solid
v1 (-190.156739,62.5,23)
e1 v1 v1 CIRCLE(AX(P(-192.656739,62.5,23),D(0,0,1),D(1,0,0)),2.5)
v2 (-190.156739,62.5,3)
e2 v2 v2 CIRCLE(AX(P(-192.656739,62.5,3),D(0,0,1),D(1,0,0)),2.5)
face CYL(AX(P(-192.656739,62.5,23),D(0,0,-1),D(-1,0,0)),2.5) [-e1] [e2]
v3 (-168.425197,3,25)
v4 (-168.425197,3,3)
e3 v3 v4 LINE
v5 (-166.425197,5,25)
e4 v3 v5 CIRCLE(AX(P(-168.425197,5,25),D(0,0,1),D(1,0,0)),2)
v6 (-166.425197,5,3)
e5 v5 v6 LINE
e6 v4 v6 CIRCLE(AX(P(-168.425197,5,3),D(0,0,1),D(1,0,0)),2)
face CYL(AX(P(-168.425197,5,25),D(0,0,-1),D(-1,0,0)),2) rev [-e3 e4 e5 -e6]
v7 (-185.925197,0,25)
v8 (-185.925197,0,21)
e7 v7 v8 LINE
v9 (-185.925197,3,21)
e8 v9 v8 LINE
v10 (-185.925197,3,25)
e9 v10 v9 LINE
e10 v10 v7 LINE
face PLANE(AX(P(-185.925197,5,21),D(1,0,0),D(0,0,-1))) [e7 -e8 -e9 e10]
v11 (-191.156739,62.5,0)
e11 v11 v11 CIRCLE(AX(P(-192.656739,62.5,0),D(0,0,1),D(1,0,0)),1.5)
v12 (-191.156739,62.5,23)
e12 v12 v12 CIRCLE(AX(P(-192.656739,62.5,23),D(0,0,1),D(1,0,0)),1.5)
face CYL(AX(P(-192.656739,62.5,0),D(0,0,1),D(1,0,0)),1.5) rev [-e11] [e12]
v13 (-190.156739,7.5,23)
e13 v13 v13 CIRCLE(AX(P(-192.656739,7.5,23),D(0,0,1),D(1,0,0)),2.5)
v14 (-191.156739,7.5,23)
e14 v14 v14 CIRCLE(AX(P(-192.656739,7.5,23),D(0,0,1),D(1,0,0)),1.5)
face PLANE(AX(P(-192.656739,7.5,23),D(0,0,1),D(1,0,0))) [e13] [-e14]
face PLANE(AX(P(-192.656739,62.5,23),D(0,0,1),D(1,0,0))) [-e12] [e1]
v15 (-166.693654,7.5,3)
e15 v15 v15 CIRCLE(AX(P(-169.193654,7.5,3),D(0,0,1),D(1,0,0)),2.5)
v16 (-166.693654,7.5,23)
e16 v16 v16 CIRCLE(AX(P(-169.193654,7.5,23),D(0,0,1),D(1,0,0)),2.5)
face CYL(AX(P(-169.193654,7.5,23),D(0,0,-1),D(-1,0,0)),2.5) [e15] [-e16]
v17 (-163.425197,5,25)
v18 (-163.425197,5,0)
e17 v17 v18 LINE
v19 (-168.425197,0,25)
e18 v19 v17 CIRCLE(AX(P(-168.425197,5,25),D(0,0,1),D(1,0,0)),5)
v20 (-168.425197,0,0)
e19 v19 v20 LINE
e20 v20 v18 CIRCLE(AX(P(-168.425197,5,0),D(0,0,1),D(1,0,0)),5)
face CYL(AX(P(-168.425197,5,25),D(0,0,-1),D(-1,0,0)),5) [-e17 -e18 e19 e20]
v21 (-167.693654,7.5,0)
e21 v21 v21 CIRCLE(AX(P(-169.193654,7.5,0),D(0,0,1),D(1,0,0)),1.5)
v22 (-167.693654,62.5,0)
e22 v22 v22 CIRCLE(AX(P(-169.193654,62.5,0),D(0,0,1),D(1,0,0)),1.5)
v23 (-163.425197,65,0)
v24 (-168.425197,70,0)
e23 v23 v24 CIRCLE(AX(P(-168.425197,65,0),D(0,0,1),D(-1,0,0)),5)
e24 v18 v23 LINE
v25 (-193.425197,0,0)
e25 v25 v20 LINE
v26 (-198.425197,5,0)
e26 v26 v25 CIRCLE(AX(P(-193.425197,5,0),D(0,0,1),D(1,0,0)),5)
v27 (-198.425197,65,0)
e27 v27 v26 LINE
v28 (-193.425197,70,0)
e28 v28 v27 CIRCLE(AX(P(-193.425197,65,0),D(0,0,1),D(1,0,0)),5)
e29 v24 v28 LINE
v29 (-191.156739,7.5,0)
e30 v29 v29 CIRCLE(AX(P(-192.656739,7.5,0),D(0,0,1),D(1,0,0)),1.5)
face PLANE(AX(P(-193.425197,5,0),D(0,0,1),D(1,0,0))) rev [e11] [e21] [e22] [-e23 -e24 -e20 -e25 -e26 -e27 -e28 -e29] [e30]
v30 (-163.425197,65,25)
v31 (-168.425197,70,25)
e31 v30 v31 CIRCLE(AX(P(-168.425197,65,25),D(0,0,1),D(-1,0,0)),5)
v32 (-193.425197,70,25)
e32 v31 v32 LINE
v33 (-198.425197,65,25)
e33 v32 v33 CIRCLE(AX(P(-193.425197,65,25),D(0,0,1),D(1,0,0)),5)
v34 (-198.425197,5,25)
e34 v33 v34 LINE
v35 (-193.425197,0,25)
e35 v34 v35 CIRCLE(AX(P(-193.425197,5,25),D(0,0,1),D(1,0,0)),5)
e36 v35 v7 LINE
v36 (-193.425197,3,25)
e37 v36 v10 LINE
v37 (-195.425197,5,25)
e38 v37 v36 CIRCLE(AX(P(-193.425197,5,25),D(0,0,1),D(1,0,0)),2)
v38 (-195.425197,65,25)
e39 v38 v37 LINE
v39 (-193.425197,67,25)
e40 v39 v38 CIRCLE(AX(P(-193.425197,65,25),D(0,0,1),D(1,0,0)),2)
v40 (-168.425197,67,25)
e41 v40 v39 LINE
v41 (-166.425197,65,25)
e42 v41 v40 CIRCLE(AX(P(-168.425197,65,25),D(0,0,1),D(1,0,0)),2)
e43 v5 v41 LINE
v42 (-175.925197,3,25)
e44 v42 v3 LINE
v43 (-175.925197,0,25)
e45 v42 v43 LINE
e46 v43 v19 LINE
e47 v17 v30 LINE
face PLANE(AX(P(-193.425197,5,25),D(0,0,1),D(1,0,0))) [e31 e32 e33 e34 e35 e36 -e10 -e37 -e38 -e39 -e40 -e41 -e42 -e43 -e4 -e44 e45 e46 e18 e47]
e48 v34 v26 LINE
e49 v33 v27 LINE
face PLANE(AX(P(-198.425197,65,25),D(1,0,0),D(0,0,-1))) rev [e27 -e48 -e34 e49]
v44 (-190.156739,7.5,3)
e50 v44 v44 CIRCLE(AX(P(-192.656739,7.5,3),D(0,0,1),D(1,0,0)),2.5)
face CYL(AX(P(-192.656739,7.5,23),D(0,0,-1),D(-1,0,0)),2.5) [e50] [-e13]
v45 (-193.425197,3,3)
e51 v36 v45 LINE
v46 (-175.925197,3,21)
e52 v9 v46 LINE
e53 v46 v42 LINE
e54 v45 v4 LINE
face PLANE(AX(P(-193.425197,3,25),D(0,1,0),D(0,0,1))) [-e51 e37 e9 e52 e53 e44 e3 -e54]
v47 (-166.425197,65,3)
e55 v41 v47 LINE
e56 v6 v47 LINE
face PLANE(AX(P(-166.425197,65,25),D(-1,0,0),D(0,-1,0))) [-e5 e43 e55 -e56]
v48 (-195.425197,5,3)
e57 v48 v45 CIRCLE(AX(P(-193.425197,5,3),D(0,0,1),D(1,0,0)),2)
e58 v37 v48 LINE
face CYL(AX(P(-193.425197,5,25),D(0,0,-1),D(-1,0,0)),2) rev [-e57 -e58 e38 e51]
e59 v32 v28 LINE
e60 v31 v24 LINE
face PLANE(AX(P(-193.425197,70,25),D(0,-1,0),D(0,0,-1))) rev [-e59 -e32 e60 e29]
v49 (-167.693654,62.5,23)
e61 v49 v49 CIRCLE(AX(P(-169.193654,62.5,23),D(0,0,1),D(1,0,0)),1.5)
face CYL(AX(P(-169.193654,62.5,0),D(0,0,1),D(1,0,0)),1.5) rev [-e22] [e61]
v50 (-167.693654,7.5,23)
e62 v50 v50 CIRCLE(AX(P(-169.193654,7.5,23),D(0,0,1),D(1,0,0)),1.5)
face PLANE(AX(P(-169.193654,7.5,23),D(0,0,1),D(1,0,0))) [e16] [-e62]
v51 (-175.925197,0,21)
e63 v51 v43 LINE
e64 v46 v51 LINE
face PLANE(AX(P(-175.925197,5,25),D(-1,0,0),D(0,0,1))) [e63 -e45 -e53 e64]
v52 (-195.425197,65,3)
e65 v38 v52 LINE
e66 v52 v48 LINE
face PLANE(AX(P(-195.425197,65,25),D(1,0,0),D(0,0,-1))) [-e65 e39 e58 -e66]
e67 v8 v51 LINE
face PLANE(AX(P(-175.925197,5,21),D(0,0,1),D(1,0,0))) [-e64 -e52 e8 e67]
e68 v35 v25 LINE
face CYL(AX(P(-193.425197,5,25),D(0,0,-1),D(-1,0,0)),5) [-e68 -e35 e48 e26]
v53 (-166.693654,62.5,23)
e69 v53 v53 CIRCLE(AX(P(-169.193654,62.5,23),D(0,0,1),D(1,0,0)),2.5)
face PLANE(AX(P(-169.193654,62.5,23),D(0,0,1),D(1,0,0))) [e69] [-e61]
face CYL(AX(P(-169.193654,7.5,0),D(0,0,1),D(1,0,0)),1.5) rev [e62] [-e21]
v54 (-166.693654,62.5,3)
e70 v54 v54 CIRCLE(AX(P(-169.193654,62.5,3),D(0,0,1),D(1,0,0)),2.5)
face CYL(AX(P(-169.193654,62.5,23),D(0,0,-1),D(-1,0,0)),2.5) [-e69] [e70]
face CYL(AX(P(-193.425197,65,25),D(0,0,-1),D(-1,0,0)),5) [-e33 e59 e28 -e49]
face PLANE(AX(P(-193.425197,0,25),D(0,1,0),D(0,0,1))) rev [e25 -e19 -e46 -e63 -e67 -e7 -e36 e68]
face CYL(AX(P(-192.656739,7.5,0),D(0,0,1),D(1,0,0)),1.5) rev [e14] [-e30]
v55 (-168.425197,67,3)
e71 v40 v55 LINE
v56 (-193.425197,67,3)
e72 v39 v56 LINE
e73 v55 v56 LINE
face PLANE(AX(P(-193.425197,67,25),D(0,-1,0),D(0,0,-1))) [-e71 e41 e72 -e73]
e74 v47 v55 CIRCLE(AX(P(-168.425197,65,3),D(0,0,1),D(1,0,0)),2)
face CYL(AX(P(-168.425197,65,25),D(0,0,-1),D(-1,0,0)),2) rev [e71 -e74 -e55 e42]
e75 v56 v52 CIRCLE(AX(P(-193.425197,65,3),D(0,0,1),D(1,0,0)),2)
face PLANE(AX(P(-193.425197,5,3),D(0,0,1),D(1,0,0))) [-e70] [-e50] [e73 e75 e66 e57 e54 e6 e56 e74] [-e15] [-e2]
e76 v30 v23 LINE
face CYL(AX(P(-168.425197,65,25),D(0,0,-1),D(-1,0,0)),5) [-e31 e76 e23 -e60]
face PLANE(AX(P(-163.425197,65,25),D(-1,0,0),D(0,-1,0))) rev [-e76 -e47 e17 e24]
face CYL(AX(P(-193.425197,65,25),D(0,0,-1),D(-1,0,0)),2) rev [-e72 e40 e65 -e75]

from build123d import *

# Parameters (mm, degrees)
EXTRUDE_1_DEPTH           = 25
SHELL_2_T                 = -3
SKETCH_3_R                = 2.5
EXTRUDE_4_DEPTH           = 20
CUT_EXTRUDE_4_DEPTH       = 212.557459677
CUT_EXTRUDE_4_DEPTH_BACK  = 212.557459677
SKETCH_4_R                = 1.5
CUT_EXTRUDE_10_DEPTH      = 5
CUT_EXTRUDE_10_DEPTH_BACK = 212.890440429


with BuildPart() as part:
    # 草图1 → 凸台-拉伸1 (new body)
    with BuildSketch(Plane.XY):
        with BuildLine():
            Line((-193.42519685, 70), (-168.42519685, 70))
            ThreePointArc((-168.42519685, 70), (-164.889662944, 68.535533906), (-163.42519685, 65))
            Line((-163.42519685, 65), (-163.42519685, 5))
            ThreePointArc((-163.42519685, 5), (-164.889662944, 1.464466094), (-168.42519685, 0))
            Line((-168.42519685, 0), (-193.42519685, 0))
            ThreePointArc((-193.42519685, 0), (-196.960730756, 1.464466094), (-198.42519685, 5))
            Line((-198.42519685, 5), (-198.42519685, 65))
            ThreePointArc((-198.42519685, 65), (-196.960730756, 68.535533906), (-193.42519685, 70))
        make_face()
    extrude(amount=EXTRUDE_1_DEPTH)

    # 抽壳2
    shell_2_openings = [part.faces().sort_by_distance(p)[0] for p in [
        (-180.92519685, 35, 25),
    ]]
    offset(amount=SHELL_2_T, openings=shell_2_openings, kind=Kind.INTERSECTION)

    # 草图3 → 凸台-拉伸4 (add)
    with BuildSketch(Plane.XY.offset(3)):
        with Locations((-192.656739456, 62.5)):
            Circle(SKETCH_3_R)
        with Locations((-192.656739456, 7.5)):
            Circle(SKETCH_3_R)
        with Locations((-169.193654245, 62.5)):
            Circle(SKETCH_3_R)
        with Locations((-169.193654245, 7.5)):
            Circle(SKETCH_3_R)
    extrude(amount=EXTRUDE_4_DEPTH)

    # 草图4 → 切除-拉伸4 (cut, two sides: drawn at the far end of the back side and taken through both)
    with BuildSketch(Plane.XY.offset(3).offset(-CUT_EXTRUDE_4_DEPTH_BACK)):
        with Locations((-192.656739456, 62.5)):
            Circle(SKETCH_4_R)
        with Locations((-169.193654245, 62.5)):
            Circle(SKETCH_4_R)
        with Locations((-169.193654245, 7.5)):
            Circle(SKETCH_4_R)
        with Locations((-192.656739456, 7.5)):
            Circle(SKETCH_4_R)
    extrude(amount=CUT_EXTRUDE_4_DEPTH + CUT_EXTRUDE_4_DEPTH_BACK, mode=Mode.SUBTRACT)

    # 草图6 → 切除-拉伸10 (cut, two sides: drawn at the far end of the back side and taken through both)
    with BuildSketch(Plane(origin=(0, 0, 0), x_dir=(1, 0, 0), z_dir=(0, 1, 0)).offset(-CUT_EXTRUDE_10_DEPTH_BACK)):
        Polygon((-180.92519685, -25), (-175.92519685, -25), (-175.92519685, -21), (-185.92519685, -21), (-185.92519685, -25), align=None)
    extrude(amount=CUT_EXTRUDE_10_DEPTH + CUT_EXTRUDE_10_DEPTH_BACK, mode=Mode.SUBTRACT)


solid = part.part
